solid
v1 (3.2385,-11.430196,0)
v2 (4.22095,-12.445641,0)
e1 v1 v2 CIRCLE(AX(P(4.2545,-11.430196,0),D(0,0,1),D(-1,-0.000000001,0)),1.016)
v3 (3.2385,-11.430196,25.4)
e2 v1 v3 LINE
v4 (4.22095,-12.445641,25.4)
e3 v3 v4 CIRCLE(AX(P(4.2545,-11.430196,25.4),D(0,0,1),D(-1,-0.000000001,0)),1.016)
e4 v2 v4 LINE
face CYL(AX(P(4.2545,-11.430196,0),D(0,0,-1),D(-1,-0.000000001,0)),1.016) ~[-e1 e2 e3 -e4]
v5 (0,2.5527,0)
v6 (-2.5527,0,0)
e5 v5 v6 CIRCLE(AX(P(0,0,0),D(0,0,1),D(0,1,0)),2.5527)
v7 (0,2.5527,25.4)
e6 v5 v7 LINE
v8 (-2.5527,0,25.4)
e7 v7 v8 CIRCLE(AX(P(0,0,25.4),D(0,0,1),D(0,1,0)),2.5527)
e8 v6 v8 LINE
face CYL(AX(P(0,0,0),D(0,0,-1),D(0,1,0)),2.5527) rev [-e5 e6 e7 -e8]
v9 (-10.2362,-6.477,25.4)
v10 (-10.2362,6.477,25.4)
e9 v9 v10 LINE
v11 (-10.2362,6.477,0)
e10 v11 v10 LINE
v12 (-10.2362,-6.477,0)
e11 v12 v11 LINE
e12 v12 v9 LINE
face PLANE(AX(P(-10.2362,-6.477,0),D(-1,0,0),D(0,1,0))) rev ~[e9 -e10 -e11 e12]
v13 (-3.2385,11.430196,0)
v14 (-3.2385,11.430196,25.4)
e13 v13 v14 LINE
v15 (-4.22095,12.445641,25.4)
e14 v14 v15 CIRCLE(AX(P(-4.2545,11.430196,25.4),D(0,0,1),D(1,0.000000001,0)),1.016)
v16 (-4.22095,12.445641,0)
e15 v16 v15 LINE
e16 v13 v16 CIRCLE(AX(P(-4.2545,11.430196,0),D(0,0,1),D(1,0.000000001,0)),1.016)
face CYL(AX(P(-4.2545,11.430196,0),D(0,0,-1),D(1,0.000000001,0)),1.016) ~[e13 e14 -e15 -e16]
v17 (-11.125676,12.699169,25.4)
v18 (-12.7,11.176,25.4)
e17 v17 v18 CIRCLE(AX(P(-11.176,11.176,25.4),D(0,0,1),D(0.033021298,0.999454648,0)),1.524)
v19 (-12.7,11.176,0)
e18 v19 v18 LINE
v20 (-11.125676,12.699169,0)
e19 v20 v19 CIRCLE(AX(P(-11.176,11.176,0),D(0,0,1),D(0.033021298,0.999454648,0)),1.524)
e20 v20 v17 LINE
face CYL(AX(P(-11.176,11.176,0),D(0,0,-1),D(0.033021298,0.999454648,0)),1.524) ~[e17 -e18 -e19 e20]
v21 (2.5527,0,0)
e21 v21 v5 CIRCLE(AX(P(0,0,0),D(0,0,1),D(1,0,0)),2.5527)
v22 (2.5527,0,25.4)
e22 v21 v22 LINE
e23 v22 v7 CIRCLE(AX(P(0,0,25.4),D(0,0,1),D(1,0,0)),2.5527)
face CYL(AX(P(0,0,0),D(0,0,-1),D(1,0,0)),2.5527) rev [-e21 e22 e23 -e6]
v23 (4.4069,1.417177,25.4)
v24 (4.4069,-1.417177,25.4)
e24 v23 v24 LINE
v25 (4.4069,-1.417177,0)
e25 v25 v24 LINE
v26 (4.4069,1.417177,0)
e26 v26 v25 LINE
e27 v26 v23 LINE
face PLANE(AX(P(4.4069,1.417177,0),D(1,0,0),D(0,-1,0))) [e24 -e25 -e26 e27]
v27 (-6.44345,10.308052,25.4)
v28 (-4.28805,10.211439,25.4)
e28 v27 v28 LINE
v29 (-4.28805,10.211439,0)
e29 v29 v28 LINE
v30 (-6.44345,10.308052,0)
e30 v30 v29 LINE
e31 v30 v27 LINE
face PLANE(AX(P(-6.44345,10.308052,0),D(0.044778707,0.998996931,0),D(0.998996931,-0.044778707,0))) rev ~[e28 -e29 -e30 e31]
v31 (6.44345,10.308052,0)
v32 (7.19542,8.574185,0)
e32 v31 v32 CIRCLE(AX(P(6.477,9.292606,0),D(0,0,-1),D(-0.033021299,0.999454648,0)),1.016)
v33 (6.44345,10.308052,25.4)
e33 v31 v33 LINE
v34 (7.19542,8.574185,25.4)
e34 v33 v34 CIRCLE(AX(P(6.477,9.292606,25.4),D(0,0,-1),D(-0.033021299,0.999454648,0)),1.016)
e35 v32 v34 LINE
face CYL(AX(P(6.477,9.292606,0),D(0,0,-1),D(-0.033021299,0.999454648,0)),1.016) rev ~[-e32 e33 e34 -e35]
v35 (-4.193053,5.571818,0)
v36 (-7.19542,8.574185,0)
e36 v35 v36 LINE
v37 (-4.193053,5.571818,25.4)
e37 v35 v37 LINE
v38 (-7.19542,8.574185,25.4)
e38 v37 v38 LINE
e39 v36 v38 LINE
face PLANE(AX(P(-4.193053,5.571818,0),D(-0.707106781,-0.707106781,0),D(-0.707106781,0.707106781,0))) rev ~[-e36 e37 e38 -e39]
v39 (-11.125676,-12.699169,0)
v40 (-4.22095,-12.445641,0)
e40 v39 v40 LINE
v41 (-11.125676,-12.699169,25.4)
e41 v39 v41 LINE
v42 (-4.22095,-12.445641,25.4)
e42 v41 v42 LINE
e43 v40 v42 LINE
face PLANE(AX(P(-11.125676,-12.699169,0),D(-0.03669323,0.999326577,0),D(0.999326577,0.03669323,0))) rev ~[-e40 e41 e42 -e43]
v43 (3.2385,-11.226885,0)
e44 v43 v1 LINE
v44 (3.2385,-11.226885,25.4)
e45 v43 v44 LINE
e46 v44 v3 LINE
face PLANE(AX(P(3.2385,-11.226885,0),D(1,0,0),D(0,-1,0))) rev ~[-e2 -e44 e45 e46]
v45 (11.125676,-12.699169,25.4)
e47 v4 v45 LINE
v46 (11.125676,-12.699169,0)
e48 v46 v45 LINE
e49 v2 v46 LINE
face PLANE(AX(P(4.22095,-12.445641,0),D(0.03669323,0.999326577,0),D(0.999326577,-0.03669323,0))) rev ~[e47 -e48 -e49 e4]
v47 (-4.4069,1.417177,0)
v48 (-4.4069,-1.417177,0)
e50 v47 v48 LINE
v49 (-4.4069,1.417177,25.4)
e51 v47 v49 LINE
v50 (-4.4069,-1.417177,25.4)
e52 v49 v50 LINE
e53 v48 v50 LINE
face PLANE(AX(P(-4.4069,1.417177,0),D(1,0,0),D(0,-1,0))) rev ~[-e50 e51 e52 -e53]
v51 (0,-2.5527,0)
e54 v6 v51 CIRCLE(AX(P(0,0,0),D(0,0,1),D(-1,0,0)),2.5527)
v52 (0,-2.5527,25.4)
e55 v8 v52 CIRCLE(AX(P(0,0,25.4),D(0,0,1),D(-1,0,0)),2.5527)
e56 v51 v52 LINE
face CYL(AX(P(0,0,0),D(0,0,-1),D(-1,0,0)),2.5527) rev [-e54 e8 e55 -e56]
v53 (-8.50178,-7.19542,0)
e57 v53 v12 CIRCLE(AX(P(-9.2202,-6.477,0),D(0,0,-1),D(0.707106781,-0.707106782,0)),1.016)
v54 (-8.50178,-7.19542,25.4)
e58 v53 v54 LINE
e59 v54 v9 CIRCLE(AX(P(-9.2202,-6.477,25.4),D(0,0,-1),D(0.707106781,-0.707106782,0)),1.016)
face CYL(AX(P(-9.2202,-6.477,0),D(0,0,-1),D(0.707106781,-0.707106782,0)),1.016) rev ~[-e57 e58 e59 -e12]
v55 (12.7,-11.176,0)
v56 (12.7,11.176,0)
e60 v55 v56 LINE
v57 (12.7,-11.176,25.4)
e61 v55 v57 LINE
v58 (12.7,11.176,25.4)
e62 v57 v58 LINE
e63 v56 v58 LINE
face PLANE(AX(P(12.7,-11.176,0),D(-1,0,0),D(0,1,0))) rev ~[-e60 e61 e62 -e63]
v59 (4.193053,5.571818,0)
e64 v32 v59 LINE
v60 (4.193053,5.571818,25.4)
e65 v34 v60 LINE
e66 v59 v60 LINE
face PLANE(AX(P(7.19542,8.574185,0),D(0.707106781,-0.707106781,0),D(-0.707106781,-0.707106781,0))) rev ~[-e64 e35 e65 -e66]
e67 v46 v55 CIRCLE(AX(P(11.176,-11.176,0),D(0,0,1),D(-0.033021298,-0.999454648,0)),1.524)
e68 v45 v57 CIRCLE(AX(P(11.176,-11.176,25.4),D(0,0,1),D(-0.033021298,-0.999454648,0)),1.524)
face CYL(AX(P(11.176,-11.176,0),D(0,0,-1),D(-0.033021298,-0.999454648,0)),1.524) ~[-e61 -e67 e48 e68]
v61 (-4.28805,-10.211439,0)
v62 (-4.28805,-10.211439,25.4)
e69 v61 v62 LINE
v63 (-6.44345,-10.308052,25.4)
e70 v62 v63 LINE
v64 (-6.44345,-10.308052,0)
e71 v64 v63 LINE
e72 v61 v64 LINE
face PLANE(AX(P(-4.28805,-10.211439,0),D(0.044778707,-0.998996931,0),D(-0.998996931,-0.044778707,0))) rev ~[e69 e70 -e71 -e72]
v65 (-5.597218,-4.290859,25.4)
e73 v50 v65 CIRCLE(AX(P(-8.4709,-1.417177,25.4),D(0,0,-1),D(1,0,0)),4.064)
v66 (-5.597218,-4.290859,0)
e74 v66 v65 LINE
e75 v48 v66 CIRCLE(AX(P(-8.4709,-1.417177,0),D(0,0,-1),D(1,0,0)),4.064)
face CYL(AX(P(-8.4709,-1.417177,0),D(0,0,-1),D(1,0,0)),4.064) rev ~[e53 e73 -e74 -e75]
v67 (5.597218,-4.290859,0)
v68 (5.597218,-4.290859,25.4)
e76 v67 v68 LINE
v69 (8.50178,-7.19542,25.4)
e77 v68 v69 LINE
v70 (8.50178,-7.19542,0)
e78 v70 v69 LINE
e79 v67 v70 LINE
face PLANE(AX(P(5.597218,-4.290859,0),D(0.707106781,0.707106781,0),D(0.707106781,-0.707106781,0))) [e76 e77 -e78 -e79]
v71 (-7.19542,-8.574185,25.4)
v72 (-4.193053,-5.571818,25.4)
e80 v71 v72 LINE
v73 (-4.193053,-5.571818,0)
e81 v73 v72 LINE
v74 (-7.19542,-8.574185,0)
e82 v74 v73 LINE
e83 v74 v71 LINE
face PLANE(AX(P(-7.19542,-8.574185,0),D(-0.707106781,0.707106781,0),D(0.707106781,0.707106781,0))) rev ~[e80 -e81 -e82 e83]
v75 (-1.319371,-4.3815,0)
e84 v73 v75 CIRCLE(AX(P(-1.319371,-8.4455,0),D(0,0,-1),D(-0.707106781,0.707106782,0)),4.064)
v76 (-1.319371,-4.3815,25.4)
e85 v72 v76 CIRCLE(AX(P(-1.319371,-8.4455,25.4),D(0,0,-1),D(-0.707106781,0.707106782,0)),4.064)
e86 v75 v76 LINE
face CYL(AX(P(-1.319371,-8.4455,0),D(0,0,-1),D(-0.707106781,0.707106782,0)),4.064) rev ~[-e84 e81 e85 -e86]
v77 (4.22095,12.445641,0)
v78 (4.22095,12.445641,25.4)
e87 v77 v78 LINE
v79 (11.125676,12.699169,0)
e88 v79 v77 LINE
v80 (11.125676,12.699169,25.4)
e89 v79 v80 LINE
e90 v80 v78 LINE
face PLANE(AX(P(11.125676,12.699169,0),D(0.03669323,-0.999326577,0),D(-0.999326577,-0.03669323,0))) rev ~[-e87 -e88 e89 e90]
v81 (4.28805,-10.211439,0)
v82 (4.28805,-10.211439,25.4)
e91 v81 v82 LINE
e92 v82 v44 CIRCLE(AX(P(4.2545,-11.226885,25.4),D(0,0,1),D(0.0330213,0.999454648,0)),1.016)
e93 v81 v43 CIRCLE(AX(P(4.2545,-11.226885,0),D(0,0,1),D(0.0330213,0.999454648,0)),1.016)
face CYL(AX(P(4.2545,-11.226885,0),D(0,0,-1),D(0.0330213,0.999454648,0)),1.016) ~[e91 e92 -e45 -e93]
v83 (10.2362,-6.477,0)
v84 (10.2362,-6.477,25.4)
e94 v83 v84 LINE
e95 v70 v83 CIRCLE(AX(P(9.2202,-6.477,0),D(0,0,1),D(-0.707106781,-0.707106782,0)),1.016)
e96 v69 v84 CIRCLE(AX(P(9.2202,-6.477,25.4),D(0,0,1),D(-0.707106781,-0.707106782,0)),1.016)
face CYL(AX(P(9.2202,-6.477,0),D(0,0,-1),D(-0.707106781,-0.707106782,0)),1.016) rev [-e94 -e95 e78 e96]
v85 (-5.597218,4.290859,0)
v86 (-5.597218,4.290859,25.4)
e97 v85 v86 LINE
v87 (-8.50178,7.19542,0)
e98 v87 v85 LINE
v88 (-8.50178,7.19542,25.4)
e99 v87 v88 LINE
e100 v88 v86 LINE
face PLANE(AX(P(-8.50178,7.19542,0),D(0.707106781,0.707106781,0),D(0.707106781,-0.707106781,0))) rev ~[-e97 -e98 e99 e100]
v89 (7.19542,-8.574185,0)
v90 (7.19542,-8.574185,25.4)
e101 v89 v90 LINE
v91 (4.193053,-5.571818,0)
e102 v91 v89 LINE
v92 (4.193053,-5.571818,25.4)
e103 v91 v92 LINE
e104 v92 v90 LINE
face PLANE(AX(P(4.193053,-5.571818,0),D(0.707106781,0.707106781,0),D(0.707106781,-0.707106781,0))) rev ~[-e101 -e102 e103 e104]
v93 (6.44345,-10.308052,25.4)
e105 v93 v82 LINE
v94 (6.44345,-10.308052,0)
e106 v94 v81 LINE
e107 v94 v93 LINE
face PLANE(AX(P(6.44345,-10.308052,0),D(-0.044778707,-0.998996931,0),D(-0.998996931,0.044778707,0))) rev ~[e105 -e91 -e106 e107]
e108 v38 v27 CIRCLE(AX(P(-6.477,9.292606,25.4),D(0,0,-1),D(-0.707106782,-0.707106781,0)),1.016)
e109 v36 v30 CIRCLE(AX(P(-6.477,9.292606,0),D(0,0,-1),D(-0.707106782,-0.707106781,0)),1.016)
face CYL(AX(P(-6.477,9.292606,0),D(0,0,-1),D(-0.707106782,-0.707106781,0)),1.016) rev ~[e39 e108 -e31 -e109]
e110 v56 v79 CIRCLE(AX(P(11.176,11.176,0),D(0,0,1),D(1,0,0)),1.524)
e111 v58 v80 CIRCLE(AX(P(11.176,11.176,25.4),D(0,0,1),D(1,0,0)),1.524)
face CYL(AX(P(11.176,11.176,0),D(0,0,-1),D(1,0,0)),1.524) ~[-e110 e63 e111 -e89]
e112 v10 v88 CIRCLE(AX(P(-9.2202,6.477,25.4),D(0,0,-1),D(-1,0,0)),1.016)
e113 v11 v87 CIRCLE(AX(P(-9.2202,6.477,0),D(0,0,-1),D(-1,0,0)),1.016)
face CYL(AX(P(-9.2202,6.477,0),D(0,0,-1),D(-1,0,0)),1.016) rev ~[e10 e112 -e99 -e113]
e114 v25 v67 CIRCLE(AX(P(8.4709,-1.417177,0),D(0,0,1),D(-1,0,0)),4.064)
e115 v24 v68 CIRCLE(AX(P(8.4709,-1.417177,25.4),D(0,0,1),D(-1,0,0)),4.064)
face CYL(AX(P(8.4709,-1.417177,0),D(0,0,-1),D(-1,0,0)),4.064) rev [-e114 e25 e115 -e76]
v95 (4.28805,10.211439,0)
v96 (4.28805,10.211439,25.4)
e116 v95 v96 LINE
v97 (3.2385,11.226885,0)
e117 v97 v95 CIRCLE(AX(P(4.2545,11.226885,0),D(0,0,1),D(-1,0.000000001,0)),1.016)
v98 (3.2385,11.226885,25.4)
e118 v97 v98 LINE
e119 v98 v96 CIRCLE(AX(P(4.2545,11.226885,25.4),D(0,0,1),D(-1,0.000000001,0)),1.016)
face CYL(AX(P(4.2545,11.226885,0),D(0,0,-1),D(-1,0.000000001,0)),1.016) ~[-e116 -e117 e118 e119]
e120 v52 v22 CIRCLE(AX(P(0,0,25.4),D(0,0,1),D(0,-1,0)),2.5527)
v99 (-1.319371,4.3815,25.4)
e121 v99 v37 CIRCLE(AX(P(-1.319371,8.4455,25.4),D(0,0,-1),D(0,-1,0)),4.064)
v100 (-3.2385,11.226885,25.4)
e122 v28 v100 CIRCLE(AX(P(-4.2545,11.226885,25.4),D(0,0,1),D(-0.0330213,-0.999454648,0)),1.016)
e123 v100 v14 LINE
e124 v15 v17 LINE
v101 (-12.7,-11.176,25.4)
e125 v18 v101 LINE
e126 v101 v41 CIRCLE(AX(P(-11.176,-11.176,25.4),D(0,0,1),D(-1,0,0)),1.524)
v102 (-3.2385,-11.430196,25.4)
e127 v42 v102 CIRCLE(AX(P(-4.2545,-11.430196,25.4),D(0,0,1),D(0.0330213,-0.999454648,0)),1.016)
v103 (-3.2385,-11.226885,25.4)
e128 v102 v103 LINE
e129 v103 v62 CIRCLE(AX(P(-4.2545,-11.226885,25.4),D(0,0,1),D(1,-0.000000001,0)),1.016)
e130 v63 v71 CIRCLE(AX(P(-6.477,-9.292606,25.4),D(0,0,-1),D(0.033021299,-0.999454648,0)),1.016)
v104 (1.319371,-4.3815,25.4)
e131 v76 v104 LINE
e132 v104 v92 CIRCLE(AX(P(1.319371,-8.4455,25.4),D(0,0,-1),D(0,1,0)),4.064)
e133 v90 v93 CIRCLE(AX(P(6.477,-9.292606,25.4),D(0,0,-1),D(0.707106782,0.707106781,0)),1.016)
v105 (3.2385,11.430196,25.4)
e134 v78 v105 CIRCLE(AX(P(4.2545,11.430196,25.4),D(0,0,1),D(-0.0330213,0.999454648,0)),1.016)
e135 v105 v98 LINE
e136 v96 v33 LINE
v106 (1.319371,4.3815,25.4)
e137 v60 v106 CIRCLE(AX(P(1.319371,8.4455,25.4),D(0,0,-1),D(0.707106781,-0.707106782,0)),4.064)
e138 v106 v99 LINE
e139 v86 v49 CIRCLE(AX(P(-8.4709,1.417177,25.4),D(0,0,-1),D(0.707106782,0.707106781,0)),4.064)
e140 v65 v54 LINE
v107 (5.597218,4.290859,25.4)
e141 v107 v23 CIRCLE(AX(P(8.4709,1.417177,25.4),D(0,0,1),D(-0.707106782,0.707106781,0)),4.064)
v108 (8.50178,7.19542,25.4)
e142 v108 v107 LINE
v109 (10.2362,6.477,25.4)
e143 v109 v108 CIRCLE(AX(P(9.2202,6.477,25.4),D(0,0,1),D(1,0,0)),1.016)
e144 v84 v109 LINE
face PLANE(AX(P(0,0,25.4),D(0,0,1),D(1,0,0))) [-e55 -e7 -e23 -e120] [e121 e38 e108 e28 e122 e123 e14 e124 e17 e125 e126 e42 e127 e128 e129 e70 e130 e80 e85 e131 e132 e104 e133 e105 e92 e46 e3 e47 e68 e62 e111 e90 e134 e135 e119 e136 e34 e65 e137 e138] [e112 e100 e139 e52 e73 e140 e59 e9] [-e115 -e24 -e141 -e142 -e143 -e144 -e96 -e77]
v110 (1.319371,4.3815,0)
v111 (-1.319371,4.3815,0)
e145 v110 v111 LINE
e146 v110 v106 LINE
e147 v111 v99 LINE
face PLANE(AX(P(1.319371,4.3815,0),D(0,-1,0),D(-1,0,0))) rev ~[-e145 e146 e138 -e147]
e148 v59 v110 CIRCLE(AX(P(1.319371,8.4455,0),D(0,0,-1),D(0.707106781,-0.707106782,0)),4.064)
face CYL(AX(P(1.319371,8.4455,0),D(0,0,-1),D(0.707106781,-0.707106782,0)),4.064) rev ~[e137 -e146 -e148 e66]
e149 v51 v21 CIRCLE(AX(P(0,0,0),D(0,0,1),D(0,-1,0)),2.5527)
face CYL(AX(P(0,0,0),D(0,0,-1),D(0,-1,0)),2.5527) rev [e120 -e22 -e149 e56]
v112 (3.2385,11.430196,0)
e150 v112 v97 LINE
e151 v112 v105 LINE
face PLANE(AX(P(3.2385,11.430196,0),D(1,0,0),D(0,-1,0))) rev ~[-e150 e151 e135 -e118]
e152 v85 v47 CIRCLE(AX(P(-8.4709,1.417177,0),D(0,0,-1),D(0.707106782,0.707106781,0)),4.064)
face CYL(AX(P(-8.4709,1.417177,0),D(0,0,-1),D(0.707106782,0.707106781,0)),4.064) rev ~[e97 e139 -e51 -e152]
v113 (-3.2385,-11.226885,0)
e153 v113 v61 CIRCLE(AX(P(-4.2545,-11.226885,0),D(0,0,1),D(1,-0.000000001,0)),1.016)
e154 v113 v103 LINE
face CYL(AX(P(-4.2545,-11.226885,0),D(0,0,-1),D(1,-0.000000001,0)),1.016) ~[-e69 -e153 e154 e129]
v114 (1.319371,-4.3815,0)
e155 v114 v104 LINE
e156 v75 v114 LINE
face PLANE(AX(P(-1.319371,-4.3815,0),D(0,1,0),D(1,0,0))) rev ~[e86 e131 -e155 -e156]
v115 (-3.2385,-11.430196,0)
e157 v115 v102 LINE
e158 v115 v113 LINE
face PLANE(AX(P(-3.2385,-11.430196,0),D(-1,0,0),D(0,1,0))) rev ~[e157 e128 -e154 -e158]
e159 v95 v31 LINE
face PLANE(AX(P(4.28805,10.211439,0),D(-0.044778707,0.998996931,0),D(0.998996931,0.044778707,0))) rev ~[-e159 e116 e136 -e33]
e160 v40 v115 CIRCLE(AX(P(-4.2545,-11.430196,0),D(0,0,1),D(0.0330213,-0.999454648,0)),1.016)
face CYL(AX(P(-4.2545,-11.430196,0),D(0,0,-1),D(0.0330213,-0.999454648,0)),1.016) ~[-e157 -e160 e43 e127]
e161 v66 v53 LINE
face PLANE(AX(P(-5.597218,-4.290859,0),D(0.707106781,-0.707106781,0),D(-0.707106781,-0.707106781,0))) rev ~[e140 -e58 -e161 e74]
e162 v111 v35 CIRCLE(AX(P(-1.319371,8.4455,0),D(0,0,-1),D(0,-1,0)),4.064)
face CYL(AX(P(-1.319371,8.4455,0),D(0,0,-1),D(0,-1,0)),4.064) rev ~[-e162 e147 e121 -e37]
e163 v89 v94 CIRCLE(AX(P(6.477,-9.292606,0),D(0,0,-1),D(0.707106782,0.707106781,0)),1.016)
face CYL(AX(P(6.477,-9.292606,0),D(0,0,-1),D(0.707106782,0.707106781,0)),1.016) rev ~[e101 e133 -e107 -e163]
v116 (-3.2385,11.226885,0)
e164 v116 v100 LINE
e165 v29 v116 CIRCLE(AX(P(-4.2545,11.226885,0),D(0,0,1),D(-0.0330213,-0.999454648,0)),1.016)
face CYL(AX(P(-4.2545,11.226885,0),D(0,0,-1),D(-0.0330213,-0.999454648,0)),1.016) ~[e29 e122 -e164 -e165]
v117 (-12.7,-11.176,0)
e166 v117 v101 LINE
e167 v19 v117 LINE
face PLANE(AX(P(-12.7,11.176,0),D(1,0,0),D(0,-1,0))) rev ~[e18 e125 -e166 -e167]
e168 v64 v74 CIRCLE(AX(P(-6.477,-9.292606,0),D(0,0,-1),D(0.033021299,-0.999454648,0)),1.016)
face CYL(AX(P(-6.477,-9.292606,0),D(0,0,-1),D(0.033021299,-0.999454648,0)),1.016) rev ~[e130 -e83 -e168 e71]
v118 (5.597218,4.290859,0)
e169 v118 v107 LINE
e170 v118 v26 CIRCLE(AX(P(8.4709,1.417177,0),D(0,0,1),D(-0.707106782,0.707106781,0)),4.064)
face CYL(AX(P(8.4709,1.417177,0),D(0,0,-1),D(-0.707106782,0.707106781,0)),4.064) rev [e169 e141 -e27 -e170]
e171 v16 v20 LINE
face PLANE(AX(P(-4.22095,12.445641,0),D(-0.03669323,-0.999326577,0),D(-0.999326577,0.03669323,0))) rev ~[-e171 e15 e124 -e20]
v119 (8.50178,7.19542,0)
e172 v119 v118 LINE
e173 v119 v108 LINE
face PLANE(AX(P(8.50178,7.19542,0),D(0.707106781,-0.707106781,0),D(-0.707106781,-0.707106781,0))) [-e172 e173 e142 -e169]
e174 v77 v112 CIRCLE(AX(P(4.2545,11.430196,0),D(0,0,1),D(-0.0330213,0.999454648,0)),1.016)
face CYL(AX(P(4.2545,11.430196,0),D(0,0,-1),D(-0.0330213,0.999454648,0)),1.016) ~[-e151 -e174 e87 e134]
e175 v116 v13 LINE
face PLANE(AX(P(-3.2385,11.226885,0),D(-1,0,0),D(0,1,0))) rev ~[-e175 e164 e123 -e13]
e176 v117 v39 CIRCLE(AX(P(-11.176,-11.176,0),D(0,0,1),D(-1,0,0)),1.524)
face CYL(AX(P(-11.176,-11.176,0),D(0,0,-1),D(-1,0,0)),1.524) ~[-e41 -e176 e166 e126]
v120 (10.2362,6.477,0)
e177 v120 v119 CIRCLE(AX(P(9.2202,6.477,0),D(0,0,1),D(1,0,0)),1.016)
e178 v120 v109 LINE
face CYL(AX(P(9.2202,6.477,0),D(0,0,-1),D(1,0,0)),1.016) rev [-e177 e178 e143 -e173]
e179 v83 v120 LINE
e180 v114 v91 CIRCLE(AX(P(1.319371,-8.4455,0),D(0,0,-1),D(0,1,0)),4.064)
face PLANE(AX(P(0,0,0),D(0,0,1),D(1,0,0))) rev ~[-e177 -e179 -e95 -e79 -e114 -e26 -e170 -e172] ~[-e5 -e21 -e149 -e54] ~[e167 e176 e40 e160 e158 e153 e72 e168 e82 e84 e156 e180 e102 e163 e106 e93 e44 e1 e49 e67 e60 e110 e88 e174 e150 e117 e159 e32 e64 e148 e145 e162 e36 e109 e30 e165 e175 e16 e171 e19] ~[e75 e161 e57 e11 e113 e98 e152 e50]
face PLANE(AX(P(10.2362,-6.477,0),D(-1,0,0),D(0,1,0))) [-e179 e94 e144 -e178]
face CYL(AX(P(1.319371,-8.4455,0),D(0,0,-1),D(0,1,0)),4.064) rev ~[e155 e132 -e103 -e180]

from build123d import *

# Parameters (mm, degrees)
EXTRUDE1_DEPTH = 25.4


with BuildPart() as part:
    # Sketch1 → Extrude1 (new body)
    with BuildSketch(Plane.XY):
        with BuildLine():
            Line((11.125675541, 12.699168884), (4.22095036, 12.445641481))
            ThreePointArc((4.22095036, 12.445641481), (3.524314259, 12.136654887), (3.2385, 11.430195559))
            Line((3.2385, 11.430195559), (3.2385, 11.226884683))
            ThreePointArc((3.2385, 11.226884683), (3.548040671, 10.496698941), (4.28804964, 10.21143876))
            Line((4.28804964, 10.21143876), (6.44345036, 10.308051727))
            ThreePointArc((6.44345036, 10.308051727), (7.4091133, 9.696859185), (7.19542049, 8.574185315))
            Line((7.19542049, 8.574185315), (4.193053216, 5.571818041))
            ThreePointArc((4.193053216, 5.571818041), (2.874596726, 4.69085358), (1.319371257, 4.3815))
            Line((1.319371257, 4.3815), (-1.319371257, 4.3815))
            ThreePointArc((-1.319371257, 4.3815), (-2.874596726, 4.69085358), (-4.193053216, 5.571818041))
            Line((-4.193053216, 5.571818041), (-7.19542049, 8.574185315))
            ThreePointArc((-7.19542049, 8.574185315), (-7.4091133, 9.696859185), (-6.44345036, 10.308051727))
            Line((-6.44345036, 10.308051727), (-4.28804964, 10.21143876))
            ThreePointArc((-4.28804964, 10.21143876), (-3.548040671, 10.496698941), (-3.2385, 11.226884683))
            Line((-3.2385, 11.226884683), (-3.2385, 11.430195559))
            ThreePointArc((-3.2385, 11.430195559), (-3.524314259, 12.136654887), (-4.22095036, 12.445641481))
            Line((-4.22095036, 12.445641481), (-11.125675541, 12.699168884))
            ThreePointArc((-11.125675541, 12.699168884), (-12.235688993, 12.271278612), (-12.7, 11.176))
            Line((-12.7, 11.176), (-12.7, 0))
            Line((-12.7, 0), (-12.7, -11.176))
            ThreePointArc((-12.7, -11.176), (-12.235688993, -12.271278612), (-11.125675541, -12.699168884))
            Line((-11.125675541, -12.699168884), (-4.22095036, -12.445641481))
            ThreePointArc((-4.22095036, -12.445641481), (-3.524314259, -12.136654887), (-3.2385, -11.430195559))
            Line((-3.2385, -11.430195559), (-3.2385, -11.226884683))
            ThreePointArc((-3.2385, -11.226884683), (-3.548040671, -10.496698941), (-4.28804964, -10.21143876))
            Line((-4.28804964, -10.21143876), (-6.44345036, -10.308051727))
            ThreePointArc((-6.44345036, -10.308051727), (-7.4091133, -9.696859185), (-7.19542049, -8.574185315))
            Line((-7.19542049, -8.574185315), (-4.193053216, -5.571818041))
            ThreePointArc((-4.193053216, -5.571818041), (-2.874596726, -4.69085358), (-1.319371257, -4.3815))
            Line((-1.319371257, -4.3815), (1.319371257, -4.3815))
            ThreePointArc((1.319371257, -4.3815), (2.874596726, -4.69085358), (4.193053216, -5.571818041))
            Line((4.193053216, -5.571818041), (7.19542049, -8.574185315))
            ThreePointArc((7.19542049, -8.574185315), (7.4091133, -9.696859185), (6.44345036, -10.308051727))
            Line((6.44345036, -10.308051727), (4.28804964, -10.21143876))
            ThreePointArc((4.28804964, -10.21143876), (3.548040671, -10.496698941), (3.2385, -11.226884683))
            Line((3.2385, -11.226884683), (3.2385, -11.430195559))
            ThreePointArc((3.2385, -11.430195559), (3.524314259, -12.136654887), (4.22095036, -12.445641481))
            Line((4.22095036, -12.445641481), (11.125675541, -12.699168884))
            ThreePointArc((11.125675541, -12.699168884), (12.235688993, -12.271278612), (12.7, -11.176))
            Line((12.7, -11.176), (12.7, 0))
            Line((12.7, 0), (12.7, 11.176))
            ThreePointArc((12.7, 11.176), (12.235688993, 12.271278612), (11.125675541, 12.699168884))
        make_face()
        with BuildLine():
            Line((-8.50177951, 7.19542049), (-5.597218041, 4.290859021))
            ThreePointArc((-5.597218041, 4.290859021), (-4.71625358, 2.972402531), (-4.4069, 1.417177062))
            Line((-4.4069, 1.417177062), (-4.4069, -1.417177062))
            ThreePointArc((-4.4069, -1.417177062), (-4.71625358, -2.972402531), (-5.597218041, -4.290859021))
            Line((-5.597218041, -4.290859021), (-8.50177951, -7.19542049))
            ThreePointArc((-8.50177951, -7.19542049), (-9.609006367, -7.415661605), (-10.2362, -6.477))
            Line((-10.2362, -6.477), (-10.2362, 0))
            Line((-10.2362, 0), (-10.2362, 6.477))
            ThreePointArc((-10.2362, 6.477), (-9.609006367, 7.415661605), (-8.50177951, 7.19542049))
        make_face(mode=Mode.SUBTRACT)
        with BuildLine():
            Line((10.2362, 0), (10.2362, 6.477))
            ThreePointArc((10.2362, 6.477), (9.609006367, 7.415661605), (8.50177951, 7.19542049))
            Line((8.50177951, 7.19542049), (5.597218041, 4.290859021))
            ThreePointArc((5.597218041, 4.290859021), (4.71625358, 2.972402531), (4.4069, 1.417177062))
            Line((4.4069, 1.417177062), (4.4069, -1.417177062))
            ThreePointArc((4.4069, -1.417177062), (4.71625358, -2.972402531), (5.597218041, -4.290859021))
            Line((5.597218041, -4.290859021), (8.50177951, -7.19542049))
            ThreePointArc((8.50177951, -7.19542049), (9.609006367, -7.415661605), (10.2362, -6.477))
            Line((10.2362, -6.477), (10.2362, 0))
        make_face(mode=Mode.SUBTRACT)
        with BuildLine():
            ThreePointArc((0, 2.5527), (-1.80503148, 1.80503148), (-2.5527, 0))
            ThreePointArc((-2.5527, 0), (-1.80503148, -1.80503148), (0, -2.5527))
            ThreePointArc((0, -2.5527), (1.80503148, -1.80503148), (2.5527, 0))
            ThreePointArc((2.5527, 0), (1.80503148, 1.80503148), (0, 2.5527))
        make_face(mode=Mode.SUBTRACT)
    extrude(amount=EXTRUDE1_DEPTH)


solid = part.part
